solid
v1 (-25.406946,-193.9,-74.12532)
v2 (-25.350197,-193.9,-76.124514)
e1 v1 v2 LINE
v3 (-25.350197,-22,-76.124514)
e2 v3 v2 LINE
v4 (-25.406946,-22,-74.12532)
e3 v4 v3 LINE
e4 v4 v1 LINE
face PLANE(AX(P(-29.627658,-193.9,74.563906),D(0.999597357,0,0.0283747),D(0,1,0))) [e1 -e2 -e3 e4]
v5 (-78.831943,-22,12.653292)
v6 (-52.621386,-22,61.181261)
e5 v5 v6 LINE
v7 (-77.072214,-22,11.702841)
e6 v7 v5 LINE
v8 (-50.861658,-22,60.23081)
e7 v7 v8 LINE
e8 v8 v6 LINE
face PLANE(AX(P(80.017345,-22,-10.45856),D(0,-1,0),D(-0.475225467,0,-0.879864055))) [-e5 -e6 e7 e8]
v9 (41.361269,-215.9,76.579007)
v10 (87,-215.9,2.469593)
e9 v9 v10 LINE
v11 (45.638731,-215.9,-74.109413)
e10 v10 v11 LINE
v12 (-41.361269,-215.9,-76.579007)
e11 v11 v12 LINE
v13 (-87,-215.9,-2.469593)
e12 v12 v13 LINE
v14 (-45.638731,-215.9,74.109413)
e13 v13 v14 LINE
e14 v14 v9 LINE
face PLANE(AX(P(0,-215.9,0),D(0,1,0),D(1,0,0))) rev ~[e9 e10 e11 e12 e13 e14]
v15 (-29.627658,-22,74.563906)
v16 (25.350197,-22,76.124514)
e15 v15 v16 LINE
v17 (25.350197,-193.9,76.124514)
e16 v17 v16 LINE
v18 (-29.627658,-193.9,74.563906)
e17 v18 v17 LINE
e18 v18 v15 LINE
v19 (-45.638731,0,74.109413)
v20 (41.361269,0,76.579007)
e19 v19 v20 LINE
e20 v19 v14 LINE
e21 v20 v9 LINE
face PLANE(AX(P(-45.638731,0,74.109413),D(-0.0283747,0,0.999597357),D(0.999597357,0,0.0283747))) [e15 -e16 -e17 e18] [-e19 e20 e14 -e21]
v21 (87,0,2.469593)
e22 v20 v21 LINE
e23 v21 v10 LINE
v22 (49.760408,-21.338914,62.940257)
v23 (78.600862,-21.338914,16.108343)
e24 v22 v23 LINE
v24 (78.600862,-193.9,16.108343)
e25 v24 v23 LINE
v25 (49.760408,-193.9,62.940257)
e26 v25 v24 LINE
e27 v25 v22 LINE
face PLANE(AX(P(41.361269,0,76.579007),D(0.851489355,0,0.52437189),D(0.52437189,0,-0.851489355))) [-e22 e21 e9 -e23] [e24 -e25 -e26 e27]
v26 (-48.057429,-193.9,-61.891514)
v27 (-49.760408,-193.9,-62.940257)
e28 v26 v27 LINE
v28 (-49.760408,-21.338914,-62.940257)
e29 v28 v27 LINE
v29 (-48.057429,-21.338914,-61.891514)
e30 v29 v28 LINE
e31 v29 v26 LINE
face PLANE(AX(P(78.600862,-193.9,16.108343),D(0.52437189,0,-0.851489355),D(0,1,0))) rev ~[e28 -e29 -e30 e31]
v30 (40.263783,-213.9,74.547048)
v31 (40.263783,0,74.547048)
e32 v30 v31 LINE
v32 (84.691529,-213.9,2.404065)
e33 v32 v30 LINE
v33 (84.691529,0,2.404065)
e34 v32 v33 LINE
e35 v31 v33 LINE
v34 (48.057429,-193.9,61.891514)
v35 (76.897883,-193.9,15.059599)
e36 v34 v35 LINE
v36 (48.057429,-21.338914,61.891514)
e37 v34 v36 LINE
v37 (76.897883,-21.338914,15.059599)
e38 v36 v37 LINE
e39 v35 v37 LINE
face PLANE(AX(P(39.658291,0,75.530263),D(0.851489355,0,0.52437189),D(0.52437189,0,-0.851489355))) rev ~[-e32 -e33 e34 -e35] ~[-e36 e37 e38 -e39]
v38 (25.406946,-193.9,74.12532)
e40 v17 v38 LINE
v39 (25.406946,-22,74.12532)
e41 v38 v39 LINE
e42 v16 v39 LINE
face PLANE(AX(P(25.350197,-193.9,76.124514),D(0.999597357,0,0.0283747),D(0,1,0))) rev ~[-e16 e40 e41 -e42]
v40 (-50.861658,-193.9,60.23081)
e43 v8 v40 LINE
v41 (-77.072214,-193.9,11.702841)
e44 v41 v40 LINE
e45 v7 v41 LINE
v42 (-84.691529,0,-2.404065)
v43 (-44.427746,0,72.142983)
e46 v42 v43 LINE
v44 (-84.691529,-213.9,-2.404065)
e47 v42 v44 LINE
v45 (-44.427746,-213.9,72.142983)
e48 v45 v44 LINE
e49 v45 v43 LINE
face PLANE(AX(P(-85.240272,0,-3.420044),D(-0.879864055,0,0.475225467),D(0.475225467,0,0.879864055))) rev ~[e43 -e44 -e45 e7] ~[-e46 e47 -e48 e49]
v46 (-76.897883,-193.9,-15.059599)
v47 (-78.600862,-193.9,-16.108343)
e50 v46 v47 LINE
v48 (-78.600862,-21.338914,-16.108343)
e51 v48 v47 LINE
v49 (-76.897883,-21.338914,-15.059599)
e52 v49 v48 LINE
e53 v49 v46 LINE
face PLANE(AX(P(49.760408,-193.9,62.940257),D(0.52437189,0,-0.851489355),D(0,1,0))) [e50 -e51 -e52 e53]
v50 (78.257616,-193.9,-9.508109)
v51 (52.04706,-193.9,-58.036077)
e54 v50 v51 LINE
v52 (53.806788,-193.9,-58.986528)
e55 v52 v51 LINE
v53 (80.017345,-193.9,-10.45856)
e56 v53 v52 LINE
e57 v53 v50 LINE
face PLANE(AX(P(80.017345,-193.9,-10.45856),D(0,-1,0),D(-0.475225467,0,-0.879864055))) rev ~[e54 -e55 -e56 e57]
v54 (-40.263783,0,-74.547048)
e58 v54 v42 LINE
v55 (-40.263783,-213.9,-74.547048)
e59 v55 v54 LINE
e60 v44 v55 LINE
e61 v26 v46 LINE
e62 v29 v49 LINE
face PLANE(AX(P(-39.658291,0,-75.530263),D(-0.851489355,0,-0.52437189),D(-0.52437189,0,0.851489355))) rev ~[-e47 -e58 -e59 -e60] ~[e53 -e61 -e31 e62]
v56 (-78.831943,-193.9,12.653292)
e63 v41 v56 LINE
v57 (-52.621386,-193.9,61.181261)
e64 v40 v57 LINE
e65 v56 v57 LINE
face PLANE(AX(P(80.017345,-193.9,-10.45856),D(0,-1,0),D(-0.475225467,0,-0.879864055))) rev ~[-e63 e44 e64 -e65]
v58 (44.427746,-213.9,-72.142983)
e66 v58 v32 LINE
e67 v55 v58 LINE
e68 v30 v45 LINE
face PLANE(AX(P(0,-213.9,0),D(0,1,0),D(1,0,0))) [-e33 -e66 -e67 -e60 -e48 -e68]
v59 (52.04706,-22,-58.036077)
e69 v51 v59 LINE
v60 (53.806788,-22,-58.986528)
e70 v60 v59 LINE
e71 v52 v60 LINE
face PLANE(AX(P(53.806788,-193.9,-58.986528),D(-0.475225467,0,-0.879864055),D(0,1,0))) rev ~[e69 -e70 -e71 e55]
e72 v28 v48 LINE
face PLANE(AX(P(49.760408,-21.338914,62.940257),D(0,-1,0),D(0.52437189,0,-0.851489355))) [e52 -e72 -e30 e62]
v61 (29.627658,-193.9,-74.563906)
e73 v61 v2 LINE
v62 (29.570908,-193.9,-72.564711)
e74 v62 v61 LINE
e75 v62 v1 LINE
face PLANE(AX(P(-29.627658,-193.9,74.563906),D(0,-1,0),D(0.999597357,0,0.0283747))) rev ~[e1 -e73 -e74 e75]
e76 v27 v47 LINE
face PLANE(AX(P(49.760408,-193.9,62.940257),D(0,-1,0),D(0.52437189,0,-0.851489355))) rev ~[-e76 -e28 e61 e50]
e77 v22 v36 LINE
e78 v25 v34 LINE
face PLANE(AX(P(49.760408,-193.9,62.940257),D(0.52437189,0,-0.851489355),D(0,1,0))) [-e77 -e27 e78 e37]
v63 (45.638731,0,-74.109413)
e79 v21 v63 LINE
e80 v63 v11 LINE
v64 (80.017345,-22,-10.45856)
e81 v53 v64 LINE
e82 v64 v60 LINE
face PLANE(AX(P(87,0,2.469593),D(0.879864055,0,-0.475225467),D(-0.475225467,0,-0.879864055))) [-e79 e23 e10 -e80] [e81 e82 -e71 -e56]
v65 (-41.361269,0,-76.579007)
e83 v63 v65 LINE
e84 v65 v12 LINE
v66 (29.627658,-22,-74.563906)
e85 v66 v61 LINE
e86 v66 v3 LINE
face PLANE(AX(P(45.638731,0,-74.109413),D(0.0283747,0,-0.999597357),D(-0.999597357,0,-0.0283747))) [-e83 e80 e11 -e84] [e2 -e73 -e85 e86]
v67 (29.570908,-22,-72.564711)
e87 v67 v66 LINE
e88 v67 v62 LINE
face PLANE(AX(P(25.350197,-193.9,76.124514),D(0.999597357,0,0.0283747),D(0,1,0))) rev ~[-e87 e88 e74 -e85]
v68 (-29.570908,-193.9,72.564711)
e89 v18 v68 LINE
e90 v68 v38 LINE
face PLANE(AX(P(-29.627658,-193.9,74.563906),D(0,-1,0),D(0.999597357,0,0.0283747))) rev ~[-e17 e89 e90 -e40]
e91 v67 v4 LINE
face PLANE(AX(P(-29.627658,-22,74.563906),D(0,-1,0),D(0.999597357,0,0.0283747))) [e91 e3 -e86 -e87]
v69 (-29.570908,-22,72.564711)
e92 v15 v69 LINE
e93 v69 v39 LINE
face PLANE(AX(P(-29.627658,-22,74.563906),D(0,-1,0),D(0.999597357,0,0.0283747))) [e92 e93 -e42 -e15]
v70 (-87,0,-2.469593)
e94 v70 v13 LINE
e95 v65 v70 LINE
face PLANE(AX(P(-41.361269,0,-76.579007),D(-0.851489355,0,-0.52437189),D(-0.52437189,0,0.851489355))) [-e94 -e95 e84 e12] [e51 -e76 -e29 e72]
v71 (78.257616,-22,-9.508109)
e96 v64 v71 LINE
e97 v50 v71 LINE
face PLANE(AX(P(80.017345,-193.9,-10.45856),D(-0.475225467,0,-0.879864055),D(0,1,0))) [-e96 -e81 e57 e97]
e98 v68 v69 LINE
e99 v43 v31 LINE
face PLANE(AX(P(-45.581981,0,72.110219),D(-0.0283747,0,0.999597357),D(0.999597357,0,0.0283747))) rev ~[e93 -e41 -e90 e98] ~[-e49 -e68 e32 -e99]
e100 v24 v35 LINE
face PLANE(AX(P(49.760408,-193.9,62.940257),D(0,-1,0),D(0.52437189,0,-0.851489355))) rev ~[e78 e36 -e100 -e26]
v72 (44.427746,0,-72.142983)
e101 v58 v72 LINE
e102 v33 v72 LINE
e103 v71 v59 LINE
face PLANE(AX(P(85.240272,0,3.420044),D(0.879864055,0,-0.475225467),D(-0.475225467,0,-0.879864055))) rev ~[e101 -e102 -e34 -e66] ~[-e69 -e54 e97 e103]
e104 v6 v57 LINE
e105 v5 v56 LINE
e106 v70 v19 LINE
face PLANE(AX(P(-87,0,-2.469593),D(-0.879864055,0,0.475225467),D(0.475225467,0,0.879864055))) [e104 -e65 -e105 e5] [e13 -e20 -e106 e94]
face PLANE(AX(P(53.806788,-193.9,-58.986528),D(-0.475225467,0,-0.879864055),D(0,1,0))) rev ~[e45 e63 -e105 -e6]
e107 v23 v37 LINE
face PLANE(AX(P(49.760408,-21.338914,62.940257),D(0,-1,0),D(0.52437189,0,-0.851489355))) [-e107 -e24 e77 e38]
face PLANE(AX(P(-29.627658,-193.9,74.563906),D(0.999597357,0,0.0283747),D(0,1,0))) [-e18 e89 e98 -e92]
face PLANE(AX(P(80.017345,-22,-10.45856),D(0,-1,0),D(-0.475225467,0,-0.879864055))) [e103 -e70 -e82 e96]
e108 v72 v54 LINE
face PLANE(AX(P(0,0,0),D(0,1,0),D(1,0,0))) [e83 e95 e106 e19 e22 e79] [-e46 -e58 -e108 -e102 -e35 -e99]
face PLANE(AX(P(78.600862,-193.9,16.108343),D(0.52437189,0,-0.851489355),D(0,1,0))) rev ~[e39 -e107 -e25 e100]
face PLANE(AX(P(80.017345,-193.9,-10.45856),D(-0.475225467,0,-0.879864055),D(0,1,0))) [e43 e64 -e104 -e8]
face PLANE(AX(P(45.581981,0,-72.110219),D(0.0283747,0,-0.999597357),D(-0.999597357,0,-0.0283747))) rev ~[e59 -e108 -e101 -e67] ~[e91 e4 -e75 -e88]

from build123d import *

# Parameters (mm, degrees)
SALIENTE_EXTRUIR1_DEPTH = 215.9
VACIADO2_T              = -2
CROQUIS2_W              = 55
CROQUIS2_H              = 171.9
CORTAR_EXTRUIR1_DEPTH   = 215.9
CROQUIS3_W              = 55
CROQUIS3_H              = 172.561085537
CORTAR_EXTRUIR2_DEPTH   = 215.9
CROQUIS4_W              = 55.15393927
CROQUIS4_H              = 171.9
CORTAR_EXTRUIR3_DEPTH   = 215.9


with BuildPart() as part:
    # Croquis1 → Saliente-Extruir1 (new body)
    with BuildSketch(Plane(origin=(0, 0, 0), x_dir=(1, 0, 0), z_dir=(0, 1, 0))):
        Polygon((-87, 2.4695933), (-45.638730535, -74.109413479), (41.361269465, -76.579006779), (87, -2.4695933), (45.638730535, 74.109413479), (-41.361269465, 76.579006779), align=None)
    extrude(amount=-SALIENTE_EXTRUIR1_DEPTH)

    # Vaciado2
    vaciado2_openings = [part.faces().sort_by_distance(p)[0] for p in [
        (0, 0, 0),
    ]]
    offset(amount=VACIADO2_T, openings=vaciado2_openings, kind=Kind.INTERSECTION)

    # Croquis2 → Cortar-Extruir1 (cut)
    with BuildSketch(Plane(origin=(-2.138730535, 0, 75.344210129), x_dir=(0.9995973571275039, 0, 0.02837470041620955), z_dir=(-0.02837470041620955, 0, 0.9995973571275039))):
        with Locations((0, -107.95)):
            Rectangle(CROQUIS2_W, CROQUIS2_H)
    extrude(amount=-CORTAR_EXTRUIR1_DEPTH, mode=Mode.SUBTRACT)

    # Croquis3 → Cortar-Extruir2 (cut)
    with BuildSketch(Plane(origin=(64.180634732, 0, 39.52430004), x_dir=(0.5243718899489567, 0, -0.8514893546201029), z_dir=(0.8514893546201029, 0, 0.5243718899489567))):
        with Locations((0, -107.619457232)):
            Rectangle(CROQUIS3_W, CROQUIS3_H)
    extrude(amount=-CORTAR_EXTRUIR2_DEPTH, mode=Mode.SUBTRACT)

    # Croquis4 → Cortar-Extruir3 (cut)
    with BuildSketch(Plane(origin=(66.319365268, 0, -35.819910089), x_dir=(-0.47522546717854747, 0, -0.8798640550363058), z_dir=(0.8798640550363059, 0, -0.4752254671785475))):
        with Locations((-1.247199632, -107.95)):
            Rectangle(CROQUIS4_W, CROQUIS4_H)
    extrude(amount=-CORTAR_EXTRUIR3_DEPTH, mode=Mode.SUBTRACT)


solid = part.part
